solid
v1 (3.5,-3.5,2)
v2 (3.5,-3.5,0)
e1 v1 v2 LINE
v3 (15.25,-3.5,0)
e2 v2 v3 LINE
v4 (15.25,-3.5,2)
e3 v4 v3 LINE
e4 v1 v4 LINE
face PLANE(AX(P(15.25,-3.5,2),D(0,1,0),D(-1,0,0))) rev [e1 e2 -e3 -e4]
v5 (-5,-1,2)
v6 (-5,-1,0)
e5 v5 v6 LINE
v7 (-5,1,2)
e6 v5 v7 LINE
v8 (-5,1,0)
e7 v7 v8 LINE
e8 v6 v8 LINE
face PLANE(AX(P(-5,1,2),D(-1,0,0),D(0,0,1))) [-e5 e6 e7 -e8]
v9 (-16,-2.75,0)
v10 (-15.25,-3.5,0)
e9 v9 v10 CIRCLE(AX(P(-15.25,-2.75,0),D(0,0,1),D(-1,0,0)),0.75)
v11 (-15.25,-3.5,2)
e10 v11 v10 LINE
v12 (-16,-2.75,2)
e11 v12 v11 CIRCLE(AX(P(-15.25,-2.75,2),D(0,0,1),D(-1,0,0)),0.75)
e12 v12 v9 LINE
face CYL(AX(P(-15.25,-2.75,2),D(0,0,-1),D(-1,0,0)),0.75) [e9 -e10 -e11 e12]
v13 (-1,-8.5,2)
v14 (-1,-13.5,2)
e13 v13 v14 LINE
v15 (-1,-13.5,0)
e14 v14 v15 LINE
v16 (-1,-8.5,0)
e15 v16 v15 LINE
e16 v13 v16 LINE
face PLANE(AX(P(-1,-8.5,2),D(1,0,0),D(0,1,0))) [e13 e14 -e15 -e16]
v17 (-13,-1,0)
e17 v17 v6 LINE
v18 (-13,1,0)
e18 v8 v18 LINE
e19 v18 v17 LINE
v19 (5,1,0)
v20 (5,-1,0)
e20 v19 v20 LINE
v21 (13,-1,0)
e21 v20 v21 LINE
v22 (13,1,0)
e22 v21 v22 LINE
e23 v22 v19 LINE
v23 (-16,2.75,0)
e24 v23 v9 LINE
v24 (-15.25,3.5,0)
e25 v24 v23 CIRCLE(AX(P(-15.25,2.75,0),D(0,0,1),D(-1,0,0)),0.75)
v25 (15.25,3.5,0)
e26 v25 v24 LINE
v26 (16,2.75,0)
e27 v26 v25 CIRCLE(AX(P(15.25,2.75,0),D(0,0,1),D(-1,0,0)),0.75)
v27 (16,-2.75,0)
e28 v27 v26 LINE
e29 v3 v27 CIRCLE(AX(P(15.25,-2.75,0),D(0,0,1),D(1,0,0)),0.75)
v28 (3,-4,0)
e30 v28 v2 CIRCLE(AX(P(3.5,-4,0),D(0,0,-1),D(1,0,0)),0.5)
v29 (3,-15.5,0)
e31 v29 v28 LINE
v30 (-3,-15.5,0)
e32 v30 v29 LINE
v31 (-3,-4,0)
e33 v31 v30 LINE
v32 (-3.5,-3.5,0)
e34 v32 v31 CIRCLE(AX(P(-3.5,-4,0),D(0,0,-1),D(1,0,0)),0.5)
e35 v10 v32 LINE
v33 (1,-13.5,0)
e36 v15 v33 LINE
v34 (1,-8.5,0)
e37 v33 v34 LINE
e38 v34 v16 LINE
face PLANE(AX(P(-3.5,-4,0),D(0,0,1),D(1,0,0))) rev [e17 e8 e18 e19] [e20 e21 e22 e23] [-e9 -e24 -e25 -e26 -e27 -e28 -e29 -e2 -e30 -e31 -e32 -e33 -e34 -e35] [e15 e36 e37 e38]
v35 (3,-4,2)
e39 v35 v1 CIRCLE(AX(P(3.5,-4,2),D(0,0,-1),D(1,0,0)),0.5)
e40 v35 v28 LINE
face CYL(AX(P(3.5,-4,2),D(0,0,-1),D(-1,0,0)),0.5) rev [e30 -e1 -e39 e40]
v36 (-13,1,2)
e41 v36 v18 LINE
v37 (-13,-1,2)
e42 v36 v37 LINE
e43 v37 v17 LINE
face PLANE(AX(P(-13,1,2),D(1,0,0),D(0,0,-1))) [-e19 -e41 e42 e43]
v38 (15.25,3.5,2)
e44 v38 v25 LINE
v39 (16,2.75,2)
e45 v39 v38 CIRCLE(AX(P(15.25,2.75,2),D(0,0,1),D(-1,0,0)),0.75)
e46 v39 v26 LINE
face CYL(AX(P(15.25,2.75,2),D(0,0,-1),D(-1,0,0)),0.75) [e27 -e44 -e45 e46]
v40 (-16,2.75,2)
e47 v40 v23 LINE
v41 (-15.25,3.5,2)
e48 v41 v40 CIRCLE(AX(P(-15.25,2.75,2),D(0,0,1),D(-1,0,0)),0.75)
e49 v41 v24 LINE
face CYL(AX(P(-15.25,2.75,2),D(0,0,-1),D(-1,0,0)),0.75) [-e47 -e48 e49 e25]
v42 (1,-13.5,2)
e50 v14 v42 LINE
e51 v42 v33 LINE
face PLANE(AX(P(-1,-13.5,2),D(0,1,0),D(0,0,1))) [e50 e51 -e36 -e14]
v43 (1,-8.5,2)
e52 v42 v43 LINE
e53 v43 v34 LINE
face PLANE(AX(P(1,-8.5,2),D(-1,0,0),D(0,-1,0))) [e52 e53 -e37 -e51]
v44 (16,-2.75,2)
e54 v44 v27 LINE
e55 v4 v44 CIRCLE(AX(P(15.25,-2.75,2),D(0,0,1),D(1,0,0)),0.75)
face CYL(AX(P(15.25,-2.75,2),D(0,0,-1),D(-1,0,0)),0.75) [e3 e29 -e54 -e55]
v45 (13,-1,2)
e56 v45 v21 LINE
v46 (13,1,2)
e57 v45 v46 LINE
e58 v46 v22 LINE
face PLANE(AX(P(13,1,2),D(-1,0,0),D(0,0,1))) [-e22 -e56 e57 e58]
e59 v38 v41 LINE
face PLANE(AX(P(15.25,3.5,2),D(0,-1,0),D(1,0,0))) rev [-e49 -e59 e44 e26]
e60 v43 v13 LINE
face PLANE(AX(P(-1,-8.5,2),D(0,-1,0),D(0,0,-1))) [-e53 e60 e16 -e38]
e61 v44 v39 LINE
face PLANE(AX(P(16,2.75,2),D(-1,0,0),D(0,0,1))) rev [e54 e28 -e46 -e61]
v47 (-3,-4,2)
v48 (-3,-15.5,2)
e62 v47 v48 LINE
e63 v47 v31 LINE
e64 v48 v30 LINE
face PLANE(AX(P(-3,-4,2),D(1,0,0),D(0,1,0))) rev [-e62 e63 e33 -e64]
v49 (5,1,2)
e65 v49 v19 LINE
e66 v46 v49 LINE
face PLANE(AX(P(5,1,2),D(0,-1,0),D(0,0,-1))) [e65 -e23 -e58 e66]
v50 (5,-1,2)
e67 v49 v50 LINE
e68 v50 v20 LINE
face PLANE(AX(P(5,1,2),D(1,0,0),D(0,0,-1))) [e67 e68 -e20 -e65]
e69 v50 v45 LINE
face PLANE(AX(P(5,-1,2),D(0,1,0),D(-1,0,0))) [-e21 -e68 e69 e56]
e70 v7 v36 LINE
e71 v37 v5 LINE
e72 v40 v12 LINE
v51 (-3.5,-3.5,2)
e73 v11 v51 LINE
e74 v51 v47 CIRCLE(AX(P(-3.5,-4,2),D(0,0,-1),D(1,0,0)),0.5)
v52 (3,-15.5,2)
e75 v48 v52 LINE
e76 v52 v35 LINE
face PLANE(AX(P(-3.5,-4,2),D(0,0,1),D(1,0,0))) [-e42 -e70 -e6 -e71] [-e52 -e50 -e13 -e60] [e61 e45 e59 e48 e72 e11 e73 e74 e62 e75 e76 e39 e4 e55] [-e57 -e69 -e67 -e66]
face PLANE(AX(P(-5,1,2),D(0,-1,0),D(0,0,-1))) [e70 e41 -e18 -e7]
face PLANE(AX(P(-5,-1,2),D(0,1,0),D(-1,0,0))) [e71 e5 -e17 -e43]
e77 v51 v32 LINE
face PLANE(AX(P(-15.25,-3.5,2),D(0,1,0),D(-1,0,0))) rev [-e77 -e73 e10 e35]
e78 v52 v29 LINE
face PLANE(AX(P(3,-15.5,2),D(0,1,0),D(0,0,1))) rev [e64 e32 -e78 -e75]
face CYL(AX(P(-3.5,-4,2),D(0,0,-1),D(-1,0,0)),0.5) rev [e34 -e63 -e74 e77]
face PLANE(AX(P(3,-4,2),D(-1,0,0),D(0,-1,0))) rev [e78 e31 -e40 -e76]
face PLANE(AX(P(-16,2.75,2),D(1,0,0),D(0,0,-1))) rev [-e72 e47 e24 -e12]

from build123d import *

# Parameters (mm, degrees)
SKETCH1_W           = 8
SKETCH1_H           = 2
SKETCH1_W_2         = 2
SKETCH1_H_2         = 5
BOSS_EXTRUDE1_DEPTH = 2


with BuildPart() as part:
    # Sketch1 → Boss-Extrude1 (new body)
    with BuildSketch(Plane.XY):
        with BuildLine():
            Line((15.25, 3.5), (-15.25, 3.5))
            ThreePointArc((-15.25, 3.5), (-15.780330086, 3.280330086), (-16, 2.75))
            Line((-16, 2.75), (-16, -2.75))
            ThreePointArc((-16, -2.75), (-15.780330086, -3.280330086), (-15.25, -3.5))
            Line((-15.25, -3.5), (-3.5, -3.5))
            ThreePointArc((-3.5, -3.5), (-3.146446609, -3.646446609), (-3, -4))
            Line((-3, -4), (-3, -15.5))
            Line((-3, -15.5), (3, -15.5))
            Line((3, -15.5), (3, -4))
            ThreePointArc((3, -4), (3.146446609, -3.646446609), (3.5, -3.5))
            Line((3.5, -3.5), (15.25, -3.5))
            ThreePointArc((15.25, -3.5), (15.780330086, -3.280330086), (16, -2.75))
            Line((16, -2.75), (16, 2.75))
            ThreePointArc((16, 2.75), (15.780330086, 3.280330086), (15.25, 3.5))
        make_face()
        with Locations((-9, 0)):
            Rectangle(SKETCH1_W, SKETCH1_H, mode=Mode.SUBTRACT)
        with Locations((9, 0)):
            Rectangle(SKETCH1_W, SKETCH1_H, mode=Mode.SUBTRACT)
        with Locations((0, -11)):
            Rectangle(SKETCH1_W_2, SKETCH1_H_2, mode=Mode.SUBTRACT)
    extrude(amount=BOSS_EXTRUDE1_DEPTH)


solid = part.part
